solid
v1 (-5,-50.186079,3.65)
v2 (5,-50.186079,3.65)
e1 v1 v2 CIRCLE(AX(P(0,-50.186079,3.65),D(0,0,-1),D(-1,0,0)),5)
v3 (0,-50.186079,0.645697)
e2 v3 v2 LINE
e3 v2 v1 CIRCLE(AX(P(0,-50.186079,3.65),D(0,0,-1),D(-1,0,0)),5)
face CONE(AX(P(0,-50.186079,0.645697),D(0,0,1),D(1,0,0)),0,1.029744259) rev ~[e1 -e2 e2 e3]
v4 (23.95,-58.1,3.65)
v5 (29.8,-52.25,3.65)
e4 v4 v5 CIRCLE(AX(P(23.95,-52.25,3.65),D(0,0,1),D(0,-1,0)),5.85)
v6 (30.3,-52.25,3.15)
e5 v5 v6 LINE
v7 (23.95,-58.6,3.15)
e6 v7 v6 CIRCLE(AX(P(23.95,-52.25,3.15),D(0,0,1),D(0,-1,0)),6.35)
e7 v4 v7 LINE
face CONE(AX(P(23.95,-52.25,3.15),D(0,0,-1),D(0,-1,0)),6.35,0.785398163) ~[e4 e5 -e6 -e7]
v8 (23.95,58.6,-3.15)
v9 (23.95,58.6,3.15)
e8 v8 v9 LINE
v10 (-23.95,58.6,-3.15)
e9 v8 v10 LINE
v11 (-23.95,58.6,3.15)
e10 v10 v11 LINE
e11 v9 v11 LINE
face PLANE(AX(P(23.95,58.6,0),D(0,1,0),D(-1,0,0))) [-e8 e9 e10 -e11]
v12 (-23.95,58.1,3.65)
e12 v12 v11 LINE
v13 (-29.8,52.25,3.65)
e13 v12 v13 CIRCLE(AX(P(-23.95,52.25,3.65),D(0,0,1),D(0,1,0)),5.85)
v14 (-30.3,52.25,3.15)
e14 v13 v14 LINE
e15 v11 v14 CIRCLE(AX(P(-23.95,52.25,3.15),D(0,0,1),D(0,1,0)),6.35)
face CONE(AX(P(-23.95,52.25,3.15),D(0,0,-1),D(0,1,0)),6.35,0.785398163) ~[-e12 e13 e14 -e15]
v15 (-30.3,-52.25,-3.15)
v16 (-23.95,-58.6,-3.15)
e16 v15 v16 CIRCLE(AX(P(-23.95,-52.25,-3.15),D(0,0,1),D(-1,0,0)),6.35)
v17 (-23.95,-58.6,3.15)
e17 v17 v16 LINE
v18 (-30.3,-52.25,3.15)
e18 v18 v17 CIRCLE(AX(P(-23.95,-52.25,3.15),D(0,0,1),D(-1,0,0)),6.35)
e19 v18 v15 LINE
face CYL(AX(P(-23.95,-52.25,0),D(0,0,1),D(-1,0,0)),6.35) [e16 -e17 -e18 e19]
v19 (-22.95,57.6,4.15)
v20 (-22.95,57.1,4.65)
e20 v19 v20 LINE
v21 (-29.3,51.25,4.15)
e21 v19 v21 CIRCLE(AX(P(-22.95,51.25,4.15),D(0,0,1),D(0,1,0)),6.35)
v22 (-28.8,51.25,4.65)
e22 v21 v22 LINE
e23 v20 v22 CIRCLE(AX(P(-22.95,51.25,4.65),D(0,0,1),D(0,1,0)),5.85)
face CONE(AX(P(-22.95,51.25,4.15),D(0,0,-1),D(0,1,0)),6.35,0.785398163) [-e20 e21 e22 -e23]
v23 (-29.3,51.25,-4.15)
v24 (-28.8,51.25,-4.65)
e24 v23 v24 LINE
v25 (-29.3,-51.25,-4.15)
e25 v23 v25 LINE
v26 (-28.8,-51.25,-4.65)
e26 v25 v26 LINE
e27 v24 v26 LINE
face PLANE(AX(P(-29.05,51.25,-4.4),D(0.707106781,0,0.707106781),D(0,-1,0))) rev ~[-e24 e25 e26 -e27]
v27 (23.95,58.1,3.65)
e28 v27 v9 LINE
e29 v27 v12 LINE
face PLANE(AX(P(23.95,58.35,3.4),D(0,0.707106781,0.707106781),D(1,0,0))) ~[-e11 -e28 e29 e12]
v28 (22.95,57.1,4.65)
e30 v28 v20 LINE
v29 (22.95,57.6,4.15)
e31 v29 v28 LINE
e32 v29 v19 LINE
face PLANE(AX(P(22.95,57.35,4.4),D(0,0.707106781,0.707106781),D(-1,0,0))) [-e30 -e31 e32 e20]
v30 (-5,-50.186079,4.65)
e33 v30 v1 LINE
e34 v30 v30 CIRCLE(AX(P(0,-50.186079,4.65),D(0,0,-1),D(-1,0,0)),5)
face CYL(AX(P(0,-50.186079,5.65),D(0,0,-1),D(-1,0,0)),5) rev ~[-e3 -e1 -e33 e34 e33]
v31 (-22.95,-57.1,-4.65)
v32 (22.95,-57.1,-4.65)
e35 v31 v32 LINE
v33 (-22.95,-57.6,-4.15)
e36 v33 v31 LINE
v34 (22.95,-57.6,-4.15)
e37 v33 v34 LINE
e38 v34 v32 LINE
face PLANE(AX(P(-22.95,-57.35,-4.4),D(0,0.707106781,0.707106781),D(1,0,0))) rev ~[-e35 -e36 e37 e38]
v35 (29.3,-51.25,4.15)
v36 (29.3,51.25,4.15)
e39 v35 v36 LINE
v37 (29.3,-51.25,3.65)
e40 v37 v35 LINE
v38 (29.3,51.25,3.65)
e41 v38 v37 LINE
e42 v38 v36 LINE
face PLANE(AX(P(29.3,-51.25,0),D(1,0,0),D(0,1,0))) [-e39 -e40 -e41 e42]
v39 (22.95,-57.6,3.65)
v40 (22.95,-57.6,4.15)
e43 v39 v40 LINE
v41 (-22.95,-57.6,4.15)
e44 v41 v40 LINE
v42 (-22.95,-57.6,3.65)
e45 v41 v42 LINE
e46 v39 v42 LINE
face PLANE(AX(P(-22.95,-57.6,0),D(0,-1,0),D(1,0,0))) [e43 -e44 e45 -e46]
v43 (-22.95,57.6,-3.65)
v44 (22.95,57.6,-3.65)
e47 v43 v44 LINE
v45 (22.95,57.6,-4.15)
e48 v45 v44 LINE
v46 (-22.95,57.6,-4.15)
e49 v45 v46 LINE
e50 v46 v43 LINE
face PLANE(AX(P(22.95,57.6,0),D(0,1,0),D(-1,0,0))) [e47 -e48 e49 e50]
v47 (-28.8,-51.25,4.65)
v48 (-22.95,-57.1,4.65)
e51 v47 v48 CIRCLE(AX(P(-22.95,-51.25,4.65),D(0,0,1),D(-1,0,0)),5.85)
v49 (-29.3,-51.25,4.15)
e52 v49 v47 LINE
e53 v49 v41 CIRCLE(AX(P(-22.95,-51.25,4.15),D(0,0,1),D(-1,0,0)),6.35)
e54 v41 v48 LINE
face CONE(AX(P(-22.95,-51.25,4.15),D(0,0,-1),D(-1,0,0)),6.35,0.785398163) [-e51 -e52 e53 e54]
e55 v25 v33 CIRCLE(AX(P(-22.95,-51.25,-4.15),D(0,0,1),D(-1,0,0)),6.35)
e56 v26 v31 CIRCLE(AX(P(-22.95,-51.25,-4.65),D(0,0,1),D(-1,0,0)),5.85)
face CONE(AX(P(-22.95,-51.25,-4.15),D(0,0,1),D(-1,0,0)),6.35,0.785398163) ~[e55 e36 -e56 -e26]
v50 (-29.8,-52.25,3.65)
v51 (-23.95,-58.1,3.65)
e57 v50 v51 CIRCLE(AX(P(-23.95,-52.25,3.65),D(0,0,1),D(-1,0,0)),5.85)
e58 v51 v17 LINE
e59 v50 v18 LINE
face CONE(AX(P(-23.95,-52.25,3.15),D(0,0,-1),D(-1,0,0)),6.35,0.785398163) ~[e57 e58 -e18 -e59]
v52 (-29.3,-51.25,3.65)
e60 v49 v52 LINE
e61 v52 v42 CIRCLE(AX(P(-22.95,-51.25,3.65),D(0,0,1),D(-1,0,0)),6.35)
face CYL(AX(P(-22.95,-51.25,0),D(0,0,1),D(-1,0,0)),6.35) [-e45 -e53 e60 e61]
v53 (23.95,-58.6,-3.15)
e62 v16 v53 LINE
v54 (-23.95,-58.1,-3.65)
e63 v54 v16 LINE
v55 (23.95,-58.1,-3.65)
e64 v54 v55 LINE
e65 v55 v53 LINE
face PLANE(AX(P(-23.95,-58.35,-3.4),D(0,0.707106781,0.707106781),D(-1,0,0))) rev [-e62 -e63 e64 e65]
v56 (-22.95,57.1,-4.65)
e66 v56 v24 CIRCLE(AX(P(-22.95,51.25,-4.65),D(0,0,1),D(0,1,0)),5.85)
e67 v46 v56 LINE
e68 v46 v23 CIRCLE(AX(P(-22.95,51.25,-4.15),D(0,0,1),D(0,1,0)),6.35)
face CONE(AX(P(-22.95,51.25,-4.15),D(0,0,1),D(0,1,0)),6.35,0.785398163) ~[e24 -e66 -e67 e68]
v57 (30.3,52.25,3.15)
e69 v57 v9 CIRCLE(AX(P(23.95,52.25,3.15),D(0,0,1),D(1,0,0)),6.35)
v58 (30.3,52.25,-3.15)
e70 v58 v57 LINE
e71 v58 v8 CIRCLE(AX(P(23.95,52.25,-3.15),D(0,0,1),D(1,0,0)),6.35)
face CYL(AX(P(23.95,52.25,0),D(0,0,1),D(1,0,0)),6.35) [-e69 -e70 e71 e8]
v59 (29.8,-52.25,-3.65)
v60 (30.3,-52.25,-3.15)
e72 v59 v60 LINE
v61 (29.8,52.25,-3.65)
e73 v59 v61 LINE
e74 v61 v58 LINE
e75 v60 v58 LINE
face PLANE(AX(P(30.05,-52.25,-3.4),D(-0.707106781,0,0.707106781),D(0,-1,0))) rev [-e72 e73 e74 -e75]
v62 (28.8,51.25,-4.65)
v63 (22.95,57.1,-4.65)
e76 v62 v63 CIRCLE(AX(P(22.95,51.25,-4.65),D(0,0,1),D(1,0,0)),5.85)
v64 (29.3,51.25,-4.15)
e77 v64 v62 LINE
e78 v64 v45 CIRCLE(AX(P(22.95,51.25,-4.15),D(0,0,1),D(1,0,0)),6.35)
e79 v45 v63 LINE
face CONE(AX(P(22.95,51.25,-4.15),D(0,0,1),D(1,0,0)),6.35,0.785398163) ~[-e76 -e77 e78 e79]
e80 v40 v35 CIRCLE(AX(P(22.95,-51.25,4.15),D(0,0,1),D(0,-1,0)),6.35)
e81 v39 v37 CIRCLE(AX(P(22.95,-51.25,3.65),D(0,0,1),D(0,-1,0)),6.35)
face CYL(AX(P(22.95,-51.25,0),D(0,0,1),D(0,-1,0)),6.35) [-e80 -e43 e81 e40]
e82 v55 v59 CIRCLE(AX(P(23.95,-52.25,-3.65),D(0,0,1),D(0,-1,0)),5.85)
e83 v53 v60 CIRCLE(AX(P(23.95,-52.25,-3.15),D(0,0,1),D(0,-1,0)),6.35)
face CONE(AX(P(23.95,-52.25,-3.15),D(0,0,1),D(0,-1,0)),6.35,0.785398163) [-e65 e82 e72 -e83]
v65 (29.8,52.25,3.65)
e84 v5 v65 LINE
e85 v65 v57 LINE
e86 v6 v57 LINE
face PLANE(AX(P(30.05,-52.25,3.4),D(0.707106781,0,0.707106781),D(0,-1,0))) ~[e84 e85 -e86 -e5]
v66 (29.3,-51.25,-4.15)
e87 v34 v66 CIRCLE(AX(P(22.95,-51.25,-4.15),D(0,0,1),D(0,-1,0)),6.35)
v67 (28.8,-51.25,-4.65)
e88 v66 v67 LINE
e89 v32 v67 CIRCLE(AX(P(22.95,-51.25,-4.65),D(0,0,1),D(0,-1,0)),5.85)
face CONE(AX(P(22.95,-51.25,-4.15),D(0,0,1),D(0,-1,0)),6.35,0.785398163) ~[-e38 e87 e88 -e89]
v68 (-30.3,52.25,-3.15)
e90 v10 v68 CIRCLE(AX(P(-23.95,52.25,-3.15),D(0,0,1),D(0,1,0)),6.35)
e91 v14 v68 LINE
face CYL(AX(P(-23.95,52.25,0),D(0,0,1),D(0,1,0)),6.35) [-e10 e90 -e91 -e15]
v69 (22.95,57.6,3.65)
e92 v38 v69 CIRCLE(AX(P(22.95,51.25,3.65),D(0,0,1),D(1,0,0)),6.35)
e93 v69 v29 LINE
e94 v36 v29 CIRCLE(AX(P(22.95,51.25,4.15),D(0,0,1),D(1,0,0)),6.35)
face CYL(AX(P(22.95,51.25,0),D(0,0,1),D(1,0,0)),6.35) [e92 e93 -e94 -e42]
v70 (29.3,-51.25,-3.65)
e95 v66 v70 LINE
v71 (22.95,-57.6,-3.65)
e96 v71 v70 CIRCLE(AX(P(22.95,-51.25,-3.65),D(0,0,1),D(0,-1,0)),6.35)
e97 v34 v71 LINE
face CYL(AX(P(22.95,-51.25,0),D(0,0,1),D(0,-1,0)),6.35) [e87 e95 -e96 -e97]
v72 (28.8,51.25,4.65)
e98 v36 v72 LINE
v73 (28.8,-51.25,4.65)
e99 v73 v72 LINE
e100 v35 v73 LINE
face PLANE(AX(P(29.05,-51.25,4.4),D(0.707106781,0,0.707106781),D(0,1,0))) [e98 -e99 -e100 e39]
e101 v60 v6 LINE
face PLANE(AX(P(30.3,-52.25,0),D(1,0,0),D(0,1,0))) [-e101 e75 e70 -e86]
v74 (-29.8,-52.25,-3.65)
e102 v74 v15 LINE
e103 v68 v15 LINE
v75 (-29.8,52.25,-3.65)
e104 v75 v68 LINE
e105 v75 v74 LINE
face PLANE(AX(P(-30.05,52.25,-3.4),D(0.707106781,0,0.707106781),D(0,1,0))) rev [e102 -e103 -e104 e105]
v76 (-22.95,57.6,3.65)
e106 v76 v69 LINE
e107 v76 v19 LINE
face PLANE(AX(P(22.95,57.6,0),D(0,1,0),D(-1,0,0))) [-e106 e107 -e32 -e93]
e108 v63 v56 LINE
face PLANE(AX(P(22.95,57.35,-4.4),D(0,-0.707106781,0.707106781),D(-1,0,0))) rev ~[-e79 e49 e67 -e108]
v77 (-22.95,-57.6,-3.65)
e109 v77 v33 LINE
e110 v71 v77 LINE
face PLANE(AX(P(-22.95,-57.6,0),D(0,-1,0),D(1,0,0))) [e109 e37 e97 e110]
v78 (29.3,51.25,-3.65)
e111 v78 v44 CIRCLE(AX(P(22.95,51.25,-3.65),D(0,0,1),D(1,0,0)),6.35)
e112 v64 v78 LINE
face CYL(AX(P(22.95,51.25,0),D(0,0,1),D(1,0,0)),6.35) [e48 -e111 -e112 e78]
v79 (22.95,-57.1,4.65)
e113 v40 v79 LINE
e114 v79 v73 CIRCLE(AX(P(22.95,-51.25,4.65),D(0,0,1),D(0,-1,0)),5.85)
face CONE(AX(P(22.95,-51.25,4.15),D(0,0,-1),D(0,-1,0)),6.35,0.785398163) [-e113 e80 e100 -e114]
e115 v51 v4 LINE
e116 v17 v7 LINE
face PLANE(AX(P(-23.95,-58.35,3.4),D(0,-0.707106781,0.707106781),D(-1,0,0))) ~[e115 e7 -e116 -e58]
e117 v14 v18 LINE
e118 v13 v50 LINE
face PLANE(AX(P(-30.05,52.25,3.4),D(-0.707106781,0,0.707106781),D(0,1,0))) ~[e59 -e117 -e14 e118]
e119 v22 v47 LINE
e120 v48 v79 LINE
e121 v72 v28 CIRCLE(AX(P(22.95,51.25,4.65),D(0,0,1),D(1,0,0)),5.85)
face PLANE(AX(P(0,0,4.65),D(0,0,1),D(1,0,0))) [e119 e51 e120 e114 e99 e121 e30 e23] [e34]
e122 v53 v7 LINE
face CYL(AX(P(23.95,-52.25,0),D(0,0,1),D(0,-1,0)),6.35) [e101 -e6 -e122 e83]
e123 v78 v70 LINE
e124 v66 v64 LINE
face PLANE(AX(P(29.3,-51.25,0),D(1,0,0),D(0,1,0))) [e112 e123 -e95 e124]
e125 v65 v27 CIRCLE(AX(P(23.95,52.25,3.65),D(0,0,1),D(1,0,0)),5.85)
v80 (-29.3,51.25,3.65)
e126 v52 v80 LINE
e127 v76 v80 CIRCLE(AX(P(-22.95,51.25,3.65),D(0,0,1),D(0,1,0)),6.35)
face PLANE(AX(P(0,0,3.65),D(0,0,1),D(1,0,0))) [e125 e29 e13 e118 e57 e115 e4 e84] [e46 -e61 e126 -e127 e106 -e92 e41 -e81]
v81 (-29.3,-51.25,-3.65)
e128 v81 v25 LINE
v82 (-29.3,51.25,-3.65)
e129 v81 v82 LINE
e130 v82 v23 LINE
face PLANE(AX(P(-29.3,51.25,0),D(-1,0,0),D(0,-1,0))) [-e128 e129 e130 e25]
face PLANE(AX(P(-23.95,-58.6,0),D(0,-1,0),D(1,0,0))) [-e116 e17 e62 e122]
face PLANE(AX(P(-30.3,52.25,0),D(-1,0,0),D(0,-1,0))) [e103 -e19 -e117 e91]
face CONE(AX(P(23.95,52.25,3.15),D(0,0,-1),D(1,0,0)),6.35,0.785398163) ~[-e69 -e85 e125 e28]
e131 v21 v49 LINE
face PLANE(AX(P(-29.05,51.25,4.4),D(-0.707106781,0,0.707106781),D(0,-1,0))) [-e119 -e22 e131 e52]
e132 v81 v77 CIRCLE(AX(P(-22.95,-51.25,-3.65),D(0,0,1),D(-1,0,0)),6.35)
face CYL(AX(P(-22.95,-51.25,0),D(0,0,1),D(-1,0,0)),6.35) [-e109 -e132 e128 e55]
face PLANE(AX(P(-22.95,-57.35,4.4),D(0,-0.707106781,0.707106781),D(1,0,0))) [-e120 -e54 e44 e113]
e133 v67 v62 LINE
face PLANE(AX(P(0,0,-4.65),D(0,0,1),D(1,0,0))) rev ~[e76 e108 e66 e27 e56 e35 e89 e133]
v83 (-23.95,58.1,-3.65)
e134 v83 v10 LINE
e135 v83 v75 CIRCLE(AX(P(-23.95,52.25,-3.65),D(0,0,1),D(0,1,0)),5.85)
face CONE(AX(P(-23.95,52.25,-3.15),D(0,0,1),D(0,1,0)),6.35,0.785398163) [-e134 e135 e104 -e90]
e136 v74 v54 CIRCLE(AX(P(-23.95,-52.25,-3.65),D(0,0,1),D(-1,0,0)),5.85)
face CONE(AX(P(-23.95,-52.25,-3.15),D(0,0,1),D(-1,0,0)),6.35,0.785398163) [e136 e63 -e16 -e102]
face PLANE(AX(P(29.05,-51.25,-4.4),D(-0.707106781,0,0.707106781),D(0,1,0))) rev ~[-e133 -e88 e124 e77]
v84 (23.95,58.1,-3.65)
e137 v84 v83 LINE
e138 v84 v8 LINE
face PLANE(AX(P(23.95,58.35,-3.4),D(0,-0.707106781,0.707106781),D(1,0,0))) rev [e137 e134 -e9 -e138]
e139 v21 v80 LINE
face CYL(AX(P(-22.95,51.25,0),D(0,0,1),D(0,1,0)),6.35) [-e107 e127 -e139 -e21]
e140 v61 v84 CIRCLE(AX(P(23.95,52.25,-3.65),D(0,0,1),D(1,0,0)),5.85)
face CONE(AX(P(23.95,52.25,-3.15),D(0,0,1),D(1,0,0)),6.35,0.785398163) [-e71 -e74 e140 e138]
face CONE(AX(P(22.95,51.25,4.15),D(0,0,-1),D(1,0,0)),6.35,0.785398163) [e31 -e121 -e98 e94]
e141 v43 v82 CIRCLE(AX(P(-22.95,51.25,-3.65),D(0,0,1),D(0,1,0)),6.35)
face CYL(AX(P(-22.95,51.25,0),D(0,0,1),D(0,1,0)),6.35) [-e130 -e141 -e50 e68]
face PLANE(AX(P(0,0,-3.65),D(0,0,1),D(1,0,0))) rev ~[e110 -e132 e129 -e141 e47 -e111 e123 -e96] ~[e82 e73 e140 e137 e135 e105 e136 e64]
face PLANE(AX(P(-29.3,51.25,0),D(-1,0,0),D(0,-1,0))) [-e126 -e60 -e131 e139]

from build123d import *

# Parameters (mm, degrees)
F1_DEPTH = 4.65
F3_DEPTH = 3.65
F4_SIZE  = 0.5
F5_SIZE  = 0.5
F6_SIZE  = 0.5
F7_SIZE  = 0.5
F9_D     = 10
F9_DEPTH = 1
F9_TIP   = 3.0043030951


with BuildPart() as f1:
    # F0 (on Top) → F1 (new body, symmetric)
    with BuildSketch(Plane.XY):
        with BuildLine():
            Line((-22.95, -57.6), (22.95, -57.6))
            ThreePointArc((22.95, -57.6), (27.4401280605, -55.7401280605), (29.3, -51.25))
            Line((29.3, -51.25), (29.3, 51.25))
            ThreePointArc((29.3, 51.25), (27.4401280605, 55.7401280605), (22.95, 57.6))
            Line((22.95, 57.6), (-22.95, 57.6))
            ThreePointArc((-22.95, 57.6), (-27.4401280605, 55.7401280605), (-29.3, 51.25))
            Line((-29.3, 51.25), (-29.3, -51.25))
            ThreePointArc((-29.3, -51.25), (-27.4401280605, -55.7401280605), (-22.95, -57.6))
        make_face()
    extrude(amount=F1_DEPTH, both=True)

    # F2 (on Top) → F3 (join, symmetric)
    with BuildSketch(Plane.XY):
        with BuildLine():
            Line((-23.95, -58.6), (23.95, -58.6))
            ThreePointArc((23.95, -58.6), (28.4401280605, -56.7401280605), (30.3, -52.25))
            Line((30.3, -52.25), (30.3, 52.25))
            ThreePointArc((30.3, 52.25), (28.4401280605, 56.7401280605), (23.95, 58.6))
            Line((23.95, 58.6), (-23.95, 58.6))
            ThreePointArc((-23.95, 58.6), (-28.4401280605, 56.7401280605), (-30.3, 52.25))
            Line((-30.3, 52.25), (-30.3, -52.25))
            ThreePointArc((-30.3, -52.25), (-28.4401280605, -56.7401280605), (-23.95, -58.6))
        make_face()
    extrude(amount=F3_DEPTH, both=True)

    # F4
    f4_edges = [f1.edges().sort_by_distance(p)[0] for p in [
        (-30.3, 0, 3.65),
    ]]
    chamfer(f4_edges, length=F4_SIZE)

    # F5
    f5_edges = [f1.edges().sort_by_distance(p)[0] for p in [
        (-30.3, 0, -3.65),
    ]]
    chamfer(f5_edges, length=F5_SIZE)

    # F6
    f6_edges = [f1.edges().sort_by_distance(p)[0] for p in [
        (-29.3, 0, 4.65),
    ]]
    chamfer(f6_edges, length=F6_SIZE)

    # F7
    f7_edges = [f1.edges().sort_by_distance(p)[0] for p in [
        (29.3, 0, -4.65),
    ]]
    chamfer(f7_edges, length=F7_SIZE)

    # F9
    with Locations(Plane.XY.offset(4.65)):
        with Locations((0, -50.1860789955)):
            Hole(F9_D / 2, depth=F9_DEPTH)
            with Locations((0, 0, -(F9_DEPTH + F9_TIP / 2))):  # 118° drill point
                Cone(0, F9_D / 2, F9_TIP, mode=Mode.SUBTRACT)


solid = f1.part
